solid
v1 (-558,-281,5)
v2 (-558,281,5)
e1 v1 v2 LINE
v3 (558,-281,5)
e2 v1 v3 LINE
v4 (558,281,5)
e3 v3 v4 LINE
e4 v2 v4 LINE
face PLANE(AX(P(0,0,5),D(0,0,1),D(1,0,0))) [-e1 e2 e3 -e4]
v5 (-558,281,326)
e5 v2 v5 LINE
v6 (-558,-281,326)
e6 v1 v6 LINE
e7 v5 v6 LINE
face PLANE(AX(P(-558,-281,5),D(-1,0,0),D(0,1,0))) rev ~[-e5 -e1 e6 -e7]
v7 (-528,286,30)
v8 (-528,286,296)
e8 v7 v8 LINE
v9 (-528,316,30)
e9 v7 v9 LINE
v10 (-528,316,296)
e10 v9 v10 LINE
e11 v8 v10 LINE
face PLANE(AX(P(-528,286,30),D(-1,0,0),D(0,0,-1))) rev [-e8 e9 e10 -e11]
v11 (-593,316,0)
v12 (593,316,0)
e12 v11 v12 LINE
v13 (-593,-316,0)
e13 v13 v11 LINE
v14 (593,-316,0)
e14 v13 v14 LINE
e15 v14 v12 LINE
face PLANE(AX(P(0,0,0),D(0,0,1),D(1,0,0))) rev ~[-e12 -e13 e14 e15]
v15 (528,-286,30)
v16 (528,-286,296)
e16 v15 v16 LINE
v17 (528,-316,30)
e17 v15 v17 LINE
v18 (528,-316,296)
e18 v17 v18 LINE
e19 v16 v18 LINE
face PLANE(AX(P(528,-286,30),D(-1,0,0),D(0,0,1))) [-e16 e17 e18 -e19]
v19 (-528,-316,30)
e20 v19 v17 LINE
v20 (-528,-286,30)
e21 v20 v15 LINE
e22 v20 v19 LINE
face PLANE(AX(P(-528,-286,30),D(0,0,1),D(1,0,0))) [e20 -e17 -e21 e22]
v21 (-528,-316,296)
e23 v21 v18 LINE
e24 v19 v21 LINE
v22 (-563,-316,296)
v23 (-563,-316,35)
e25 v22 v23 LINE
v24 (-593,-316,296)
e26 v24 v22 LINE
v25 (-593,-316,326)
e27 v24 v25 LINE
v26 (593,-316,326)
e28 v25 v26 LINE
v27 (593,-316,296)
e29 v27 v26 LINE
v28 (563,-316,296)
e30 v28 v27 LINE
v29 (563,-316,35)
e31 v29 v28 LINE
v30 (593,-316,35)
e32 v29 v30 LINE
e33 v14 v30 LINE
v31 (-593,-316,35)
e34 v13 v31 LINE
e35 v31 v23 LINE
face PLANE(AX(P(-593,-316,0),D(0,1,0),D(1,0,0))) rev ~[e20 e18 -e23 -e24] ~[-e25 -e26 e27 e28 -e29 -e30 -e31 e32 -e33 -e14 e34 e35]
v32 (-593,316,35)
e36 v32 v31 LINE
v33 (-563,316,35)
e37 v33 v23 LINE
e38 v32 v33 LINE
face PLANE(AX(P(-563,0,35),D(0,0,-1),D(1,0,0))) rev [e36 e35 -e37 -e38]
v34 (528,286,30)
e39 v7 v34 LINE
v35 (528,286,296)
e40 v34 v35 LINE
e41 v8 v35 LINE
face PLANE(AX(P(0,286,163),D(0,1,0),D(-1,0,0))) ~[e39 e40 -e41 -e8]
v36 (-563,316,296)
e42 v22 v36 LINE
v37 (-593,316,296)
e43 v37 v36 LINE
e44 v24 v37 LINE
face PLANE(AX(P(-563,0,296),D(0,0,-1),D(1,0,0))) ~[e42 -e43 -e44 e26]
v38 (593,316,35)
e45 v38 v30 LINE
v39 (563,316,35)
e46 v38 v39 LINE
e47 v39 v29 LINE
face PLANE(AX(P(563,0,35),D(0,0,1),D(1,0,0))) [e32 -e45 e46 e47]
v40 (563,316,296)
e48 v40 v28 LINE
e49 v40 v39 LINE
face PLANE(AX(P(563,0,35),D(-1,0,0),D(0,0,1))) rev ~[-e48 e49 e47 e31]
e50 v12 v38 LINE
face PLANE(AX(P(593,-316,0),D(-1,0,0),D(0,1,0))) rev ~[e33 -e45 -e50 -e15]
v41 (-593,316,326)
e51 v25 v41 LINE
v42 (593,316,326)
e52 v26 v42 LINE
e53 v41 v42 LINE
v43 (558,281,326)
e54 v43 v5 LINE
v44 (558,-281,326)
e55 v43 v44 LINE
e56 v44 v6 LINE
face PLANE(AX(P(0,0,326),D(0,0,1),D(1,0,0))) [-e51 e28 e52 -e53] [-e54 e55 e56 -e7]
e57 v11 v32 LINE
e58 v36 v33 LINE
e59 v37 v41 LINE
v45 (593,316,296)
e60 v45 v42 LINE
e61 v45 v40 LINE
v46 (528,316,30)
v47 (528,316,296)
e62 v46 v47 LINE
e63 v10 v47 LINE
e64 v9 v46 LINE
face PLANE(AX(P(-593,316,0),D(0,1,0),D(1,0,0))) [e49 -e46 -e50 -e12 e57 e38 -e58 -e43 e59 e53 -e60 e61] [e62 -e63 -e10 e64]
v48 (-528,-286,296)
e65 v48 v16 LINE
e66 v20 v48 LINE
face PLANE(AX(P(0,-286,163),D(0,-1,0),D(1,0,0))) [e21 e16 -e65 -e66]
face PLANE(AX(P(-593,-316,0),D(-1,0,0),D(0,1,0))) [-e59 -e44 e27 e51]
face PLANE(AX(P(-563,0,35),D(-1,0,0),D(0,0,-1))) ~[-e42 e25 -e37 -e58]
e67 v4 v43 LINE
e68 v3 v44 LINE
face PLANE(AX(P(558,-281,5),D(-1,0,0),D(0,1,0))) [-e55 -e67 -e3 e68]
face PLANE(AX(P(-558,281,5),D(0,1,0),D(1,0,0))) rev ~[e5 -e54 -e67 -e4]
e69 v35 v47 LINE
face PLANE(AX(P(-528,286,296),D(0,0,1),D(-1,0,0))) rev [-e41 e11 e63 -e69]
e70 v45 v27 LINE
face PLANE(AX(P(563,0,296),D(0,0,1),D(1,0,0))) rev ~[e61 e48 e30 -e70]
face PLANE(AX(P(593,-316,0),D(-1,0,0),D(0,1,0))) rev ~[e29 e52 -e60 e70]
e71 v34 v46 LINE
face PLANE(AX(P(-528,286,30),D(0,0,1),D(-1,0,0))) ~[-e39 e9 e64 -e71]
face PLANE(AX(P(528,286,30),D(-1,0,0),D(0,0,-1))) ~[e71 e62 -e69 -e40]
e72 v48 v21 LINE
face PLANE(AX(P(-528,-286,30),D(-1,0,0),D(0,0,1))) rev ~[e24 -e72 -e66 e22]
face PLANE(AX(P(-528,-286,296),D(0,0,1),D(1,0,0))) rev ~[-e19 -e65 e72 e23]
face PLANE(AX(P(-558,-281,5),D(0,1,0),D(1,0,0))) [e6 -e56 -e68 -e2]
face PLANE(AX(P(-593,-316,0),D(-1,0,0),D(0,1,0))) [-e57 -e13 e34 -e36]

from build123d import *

# Parameters (mm, degrees)
SKETCH_W          = 1186
SKETCH_H          = 632
PAD_DEPTH         = 326
SKETCH001_W       = 30
SKETCH001_H       = 261
POCKET_DEPTH      = 3081.716821
POCKET_DEPTH_BACK = 3081.716821
SKETCH002_W       = 1056
SKETCH002_H       = 266
POCKET001_DEPTH   = 30
SKETCH003_W       = 1116
SKETCH003_H       = 562
POCKET002_DEPTH   = 321.001


with BuildPart() as part:
    # Sketch → Pad (new body)
    with BuildSketch(Plane.XY):
        Rectangle(SKETCH_W, SKETCH_H)
    extrude(amount=PAD_DEPTH)

    # Sketch001 → Pocket (cut, two sides)
    with BuildSketch(Plane.XZ) as pocket_sk:
        with Locations((578, 165.5)):
            Rectangle(SKETCH001_W, SKETCH001_H)
    pocket = extrude(amount=-POCKET_DEPTH, mode=Mode.SUBTRACT) + extrude(pocket_sk.sketch, amount=POCKET_DEPTH_BACK, mode=Mode.SUBTRACT)

    # Mirrored: Pocket across Sketch001 V_Axis
    add(pocket.mirror(Plane(origin=(0, 0, 0), x_dir=(0, -1, 0), z_dir=(1, 0, 0))), mode=Mode.SUBTRACT)

    # Sketch002 → Pocket001 (cut)
    with BuildSketch(Plane.XZ.offset(286)):
        with Locations((0, 163)):
            Rectangle(SKETCH002_W, SKETCH002_H)
    pocket001 = extrude(amount=POCKET001_DEPTH, mode=Mode.SUBTRACT)

    # Mirrored001: Pocket001 across XZ
    add(pocket001.mirror(Plane.XZ), mode=Mode.SUBTRACT)

    # Sketch003 → Pocket002 (cut, through all)
    with BuildSketch(Plane.XY.offset(5)):
        Rectangle(SKETCH003_W, SKETCH003_H)
    extrude(amount=POCKET002_DEPTH, mode=Mode.SUBTRACT)


solid = part.part
